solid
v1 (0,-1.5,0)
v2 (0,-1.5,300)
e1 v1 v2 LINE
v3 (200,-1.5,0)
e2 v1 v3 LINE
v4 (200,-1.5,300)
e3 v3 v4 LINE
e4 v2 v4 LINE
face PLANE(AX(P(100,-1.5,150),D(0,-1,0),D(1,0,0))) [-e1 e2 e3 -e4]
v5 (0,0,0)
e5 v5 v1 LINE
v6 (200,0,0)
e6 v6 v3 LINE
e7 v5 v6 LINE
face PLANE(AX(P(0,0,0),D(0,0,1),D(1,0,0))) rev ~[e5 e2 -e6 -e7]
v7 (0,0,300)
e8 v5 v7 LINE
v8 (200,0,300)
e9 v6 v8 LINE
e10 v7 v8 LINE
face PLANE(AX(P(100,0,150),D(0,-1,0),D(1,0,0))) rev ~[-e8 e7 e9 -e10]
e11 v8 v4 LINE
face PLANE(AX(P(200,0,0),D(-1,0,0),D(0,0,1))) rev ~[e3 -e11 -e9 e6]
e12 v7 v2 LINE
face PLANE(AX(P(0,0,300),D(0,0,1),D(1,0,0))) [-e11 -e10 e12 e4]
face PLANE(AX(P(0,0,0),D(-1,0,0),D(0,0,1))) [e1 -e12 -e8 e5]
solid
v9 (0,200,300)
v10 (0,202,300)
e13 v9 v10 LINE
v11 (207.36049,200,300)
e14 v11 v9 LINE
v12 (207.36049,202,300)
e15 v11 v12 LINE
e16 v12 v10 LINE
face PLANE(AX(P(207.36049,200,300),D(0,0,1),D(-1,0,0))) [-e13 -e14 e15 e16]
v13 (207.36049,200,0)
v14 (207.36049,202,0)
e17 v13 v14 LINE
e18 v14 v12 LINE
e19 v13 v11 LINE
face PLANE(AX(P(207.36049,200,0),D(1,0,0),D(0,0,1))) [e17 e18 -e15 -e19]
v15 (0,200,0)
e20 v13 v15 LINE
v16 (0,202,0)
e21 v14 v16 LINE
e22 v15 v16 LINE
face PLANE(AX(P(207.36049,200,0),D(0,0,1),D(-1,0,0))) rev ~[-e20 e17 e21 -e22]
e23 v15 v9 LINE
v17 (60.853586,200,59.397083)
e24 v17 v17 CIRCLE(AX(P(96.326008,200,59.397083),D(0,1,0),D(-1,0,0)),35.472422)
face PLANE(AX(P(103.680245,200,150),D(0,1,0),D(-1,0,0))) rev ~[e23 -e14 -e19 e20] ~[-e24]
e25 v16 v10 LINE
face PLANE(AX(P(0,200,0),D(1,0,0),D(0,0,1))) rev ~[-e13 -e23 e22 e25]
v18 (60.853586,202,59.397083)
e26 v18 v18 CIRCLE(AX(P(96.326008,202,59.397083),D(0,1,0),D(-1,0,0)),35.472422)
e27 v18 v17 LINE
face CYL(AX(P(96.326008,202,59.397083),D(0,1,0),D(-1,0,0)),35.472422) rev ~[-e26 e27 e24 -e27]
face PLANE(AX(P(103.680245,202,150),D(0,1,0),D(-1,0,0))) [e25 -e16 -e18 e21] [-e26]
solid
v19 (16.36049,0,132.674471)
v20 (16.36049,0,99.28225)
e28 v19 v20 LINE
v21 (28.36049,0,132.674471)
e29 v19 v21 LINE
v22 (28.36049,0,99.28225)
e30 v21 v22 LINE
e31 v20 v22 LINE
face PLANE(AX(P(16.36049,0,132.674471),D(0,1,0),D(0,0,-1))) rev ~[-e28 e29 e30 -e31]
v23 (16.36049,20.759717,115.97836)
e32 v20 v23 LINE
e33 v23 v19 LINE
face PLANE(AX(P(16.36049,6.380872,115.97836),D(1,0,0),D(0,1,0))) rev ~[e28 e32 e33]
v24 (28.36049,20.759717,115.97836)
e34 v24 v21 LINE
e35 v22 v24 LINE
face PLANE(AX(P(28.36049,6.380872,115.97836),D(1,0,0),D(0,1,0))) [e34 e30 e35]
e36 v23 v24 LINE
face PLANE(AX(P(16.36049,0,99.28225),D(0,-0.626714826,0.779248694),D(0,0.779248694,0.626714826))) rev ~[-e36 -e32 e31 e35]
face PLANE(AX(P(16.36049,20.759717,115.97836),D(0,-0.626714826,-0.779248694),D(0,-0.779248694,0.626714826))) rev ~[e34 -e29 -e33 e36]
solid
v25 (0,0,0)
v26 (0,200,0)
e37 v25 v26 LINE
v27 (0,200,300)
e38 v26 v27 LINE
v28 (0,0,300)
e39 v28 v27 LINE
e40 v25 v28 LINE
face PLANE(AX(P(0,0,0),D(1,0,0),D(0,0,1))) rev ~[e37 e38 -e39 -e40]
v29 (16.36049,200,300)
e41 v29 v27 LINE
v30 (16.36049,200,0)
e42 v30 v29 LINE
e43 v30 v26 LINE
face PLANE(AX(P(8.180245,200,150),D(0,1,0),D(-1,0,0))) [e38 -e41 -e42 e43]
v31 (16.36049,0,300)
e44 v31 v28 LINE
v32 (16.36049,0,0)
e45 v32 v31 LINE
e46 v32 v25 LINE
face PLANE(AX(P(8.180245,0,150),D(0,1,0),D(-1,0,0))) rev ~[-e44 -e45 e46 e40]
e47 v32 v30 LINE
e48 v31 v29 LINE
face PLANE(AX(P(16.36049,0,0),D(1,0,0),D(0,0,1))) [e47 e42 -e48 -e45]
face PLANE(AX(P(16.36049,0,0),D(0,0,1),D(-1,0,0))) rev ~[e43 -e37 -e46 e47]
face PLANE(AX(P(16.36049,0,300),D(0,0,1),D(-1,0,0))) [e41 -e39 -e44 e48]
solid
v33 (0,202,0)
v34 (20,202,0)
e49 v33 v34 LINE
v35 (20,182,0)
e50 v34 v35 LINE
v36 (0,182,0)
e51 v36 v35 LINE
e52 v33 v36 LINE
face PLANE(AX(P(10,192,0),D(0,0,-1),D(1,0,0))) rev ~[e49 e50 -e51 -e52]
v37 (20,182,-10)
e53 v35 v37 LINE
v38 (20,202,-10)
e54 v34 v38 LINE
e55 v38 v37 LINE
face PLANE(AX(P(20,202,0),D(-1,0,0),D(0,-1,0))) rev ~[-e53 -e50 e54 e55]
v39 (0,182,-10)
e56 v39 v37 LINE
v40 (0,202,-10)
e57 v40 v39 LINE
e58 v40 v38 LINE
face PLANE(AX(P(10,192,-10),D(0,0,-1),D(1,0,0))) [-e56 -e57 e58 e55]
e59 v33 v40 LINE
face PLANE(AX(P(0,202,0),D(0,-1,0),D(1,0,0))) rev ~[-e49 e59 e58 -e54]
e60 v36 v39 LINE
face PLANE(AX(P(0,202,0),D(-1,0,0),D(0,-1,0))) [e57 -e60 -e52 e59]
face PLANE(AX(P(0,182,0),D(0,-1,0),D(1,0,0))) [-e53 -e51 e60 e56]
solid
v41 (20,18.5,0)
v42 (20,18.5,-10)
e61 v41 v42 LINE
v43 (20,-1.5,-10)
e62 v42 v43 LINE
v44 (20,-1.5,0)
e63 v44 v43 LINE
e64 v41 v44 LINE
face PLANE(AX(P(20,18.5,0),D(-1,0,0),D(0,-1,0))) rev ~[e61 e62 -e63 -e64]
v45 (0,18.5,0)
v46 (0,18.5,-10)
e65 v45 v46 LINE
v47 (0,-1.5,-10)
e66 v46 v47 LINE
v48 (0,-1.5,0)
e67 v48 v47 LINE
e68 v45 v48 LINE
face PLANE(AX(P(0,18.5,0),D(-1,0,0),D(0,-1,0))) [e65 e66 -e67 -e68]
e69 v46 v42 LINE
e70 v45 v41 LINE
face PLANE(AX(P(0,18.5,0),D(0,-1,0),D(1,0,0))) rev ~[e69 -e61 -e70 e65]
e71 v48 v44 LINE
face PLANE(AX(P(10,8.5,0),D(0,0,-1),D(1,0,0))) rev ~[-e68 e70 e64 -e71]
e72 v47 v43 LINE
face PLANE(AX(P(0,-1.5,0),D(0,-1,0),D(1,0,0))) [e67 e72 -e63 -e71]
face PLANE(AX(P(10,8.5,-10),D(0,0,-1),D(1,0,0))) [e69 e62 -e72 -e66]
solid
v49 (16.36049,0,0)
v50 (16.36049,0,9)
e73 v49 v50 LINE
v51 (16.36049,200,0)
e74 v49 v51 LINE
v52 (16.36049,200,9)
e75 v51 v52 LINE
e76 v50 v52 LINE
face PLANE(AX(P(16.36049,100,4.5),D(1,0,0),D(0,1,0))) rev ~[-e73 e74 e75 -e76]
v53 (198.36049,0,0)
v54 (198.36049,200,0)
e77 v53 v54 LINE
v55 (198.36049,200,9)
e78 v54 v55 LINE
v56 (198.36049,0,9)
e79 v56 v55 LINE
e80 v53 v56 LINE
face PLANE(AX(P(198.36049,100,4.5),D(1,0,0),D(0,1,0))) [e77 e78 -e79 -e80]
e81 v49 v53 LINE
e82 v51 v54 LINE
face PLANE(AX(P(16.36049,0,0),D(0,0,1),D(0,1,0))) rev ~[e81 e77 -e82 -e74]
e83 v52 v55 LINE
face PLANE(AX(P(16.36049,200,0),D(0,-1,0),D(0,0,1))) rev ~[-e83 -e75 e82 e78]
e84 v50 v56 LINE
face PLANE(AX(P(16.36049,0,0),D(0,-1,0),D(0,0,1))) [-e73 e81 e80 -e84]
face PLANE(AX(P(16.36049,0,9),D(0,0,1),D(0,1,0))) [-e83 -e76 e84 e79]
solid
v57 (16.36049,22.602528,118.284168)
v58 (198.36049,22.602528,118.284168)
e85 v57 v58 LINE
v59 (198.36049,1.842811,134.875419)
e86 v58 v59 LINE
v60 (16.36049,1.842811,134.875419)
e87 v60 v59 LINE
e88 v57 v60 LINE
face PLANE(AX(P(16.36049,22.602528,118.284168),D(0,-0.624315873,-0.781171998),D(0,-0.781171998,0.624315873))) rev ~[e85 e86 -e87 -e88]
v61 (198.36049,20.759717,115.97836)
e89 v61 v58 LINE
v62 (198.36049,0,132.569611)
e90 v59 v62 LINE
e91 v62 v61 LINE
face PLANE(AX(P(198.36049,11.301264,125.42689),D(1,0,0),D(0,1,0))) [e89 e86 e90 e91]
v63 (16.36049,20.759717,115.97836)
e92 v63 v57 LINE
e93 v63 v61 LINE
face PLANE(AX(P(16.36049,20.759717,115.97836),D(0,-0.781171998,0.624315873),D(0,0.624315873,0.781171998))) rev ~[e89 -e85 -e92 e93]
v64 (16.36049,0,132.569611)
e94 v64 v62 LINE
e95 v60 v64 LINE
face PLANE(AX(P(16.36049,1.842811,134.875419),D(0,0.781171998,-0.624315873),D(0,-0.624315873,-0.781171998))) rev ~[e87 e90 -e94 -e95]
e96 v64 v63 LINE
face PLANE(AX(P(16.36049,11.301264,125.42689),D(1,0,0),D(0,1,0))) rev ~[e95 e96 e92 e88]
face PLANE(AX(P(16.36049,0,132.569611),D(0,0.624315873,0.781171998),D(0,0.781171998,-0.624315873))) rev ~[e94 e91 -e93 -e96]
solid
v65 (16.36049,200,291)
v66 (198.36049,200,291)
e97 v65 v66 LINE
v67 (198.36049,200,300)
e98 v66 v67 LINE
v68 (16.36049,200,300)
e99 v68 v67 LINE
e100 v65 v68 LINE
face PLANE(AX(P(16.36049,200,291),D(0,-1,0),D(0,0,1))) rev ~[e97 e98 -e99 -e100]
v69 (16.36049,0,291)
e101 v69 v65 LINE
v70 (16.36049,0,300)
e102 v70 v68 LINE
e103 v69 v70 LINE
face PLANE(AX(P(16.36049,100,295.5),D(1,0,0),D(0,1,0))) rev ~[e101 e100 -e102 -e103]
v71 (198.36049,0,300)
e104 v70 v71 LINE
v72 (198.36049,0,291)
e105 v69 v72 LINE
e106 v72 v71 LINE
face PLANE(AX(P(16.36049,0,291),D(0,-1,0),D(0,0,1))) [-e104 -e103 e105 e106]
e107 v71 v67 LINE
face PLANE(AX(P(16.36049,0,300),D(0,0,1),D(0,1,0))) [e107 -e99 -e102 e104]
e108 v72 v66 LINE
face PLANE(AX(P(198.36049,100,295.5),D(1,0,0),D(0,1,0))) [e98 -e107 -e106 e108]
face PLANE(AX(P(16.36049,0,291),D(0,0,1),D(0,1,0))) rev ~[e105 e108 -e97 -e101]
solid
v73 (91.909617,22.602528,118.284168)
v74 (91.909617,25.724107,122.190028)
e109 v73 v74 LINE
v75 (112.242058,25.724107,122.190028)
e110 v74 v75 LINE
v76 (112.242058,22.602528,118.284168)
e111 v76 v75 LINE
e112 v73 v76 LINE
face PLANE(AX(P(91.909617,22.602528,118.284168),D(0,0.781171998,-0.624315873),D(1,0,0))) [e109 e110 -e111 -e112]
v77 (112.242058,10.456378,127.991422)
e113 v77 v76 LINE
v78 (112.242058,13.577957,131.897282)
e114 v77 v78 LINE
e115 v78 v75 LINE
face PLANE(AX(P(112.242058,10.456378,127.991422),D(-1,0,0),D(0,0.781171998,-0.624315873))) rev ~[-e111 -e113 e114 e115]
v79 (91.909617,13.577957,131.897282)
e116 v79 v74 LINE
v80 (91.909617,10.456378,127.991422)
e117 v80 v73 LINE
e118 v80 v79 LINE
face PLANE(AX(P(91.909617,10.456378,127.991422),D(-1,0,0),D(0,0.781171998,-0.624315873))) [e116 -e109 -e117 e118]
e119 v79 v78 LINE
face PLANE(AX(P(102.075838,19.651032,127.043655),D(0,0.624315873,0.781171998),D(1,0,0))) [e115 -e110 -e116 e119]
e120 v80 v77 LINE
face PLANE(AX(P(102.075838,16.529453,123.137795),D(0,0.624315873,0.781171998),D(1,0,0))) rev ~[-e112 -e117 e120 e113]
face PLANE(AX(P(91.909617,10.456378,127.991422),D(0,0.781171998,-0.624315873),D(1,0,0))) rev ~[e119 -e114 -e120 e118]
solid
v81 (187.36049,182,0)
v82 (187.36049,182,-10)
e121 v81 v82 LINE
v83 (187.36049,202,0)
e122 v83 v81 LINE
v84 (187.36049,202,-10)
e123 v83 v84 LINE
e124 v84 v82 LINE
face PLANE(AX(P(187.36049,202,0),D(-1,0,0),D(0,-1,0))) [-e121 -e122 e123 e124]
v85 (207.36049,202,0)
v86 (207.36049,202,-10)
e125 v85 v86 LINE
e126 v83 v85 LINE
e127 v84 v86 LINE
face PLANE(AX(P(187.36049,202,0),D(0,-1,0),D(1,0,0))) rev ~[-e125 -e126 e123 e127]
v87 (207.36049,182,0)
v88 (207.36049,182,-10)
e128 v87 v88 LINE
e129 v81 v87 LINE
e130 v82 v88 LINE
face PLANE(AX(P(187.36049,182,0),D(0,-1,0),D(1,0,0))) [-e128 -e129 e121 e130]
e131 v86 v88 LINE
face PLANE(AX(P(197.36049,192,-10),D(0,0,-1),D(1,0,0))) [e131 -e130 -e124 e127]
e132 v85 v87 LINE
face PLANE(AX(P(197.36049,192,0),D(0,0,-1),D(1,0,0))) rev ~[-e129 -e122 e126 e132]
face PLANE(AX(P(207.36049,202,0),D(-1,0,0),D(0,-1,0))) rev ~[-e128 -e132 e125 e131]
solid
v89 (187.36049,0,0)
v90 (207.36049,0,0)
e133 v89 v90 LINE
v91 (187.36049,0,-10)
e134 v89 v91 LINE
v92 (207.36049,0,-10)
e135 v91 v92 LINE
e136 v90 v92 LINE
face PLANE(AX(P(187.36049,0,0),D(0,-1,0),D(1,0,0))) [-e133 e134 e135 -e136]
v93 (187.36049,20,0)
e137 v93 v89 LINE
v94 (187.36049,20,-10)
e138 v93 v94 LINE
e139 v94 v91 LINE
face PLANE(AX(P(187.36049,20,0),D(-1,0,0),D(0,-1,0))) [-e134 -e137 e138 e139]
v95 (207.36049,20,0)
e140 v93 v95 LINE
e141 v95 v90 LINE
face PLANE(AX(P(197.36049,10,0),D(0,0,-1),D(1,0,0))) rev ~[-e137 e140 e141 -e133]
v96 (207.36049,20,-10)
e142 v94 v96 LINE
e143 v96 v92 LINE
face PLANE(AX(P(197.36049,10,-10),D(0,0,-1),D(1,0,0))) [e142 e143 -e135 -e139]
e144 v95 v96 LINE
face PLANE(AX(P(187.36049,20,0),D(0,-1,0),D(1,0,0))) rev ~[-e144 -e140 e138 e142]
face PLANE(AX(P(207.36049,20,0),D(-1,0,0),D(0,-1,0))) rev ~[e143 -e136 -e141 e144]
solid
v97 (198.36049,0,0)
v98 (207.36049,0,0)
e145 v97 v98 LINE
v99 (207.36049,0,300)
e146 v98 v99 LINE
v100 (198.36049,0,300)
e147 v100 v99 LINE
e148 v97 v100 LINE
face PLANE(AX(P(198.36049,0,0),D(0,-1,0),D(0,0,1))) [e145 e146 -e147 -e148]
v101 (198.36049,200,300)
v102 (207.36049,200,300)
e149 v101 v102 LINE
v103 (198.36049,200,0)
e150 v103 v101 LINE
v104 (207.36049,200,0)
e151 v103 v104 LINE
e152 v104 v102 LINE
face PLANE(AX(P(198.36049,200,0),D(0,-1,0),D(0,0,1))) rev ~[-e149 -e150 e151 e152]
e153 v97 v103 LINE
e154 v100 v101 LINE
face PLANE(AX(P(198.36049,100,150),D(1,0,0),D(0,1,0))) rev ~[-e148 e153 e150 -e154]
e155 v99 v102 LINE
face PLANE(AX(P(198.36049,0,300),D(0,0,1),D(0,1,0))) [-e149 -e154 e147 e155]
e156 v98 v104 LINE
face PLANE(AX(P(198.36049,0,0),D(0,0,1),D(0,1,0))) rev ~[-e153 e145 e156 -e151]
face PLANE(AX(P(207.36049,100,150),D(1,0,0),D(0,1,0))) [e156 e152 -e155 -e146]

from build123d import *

# Parameters (mm, degrees)
F0_W      = 200
F0_H      = 300
F1_DEPTH  = 1.5
F2_W      = 16.3604896516
F2_H      = 300
F3_DEPTH  = 200
F5_DEPTH  = 12
F7_DEPTH  = 182
F8_W      = 20.3324407339
F8_H      = 15.5486247241
F9_DEPTH  = 5
F10_W     = 200
F10_H     = 9
F11_DEPTH = 182
F12_W     = 200
F12_H     = 9
F13_DEPTH = 182
F14_W     = 200
F14_H     = 300
F15_DEPTH = 9
F16_W     = 207.3604896516
F16_H     = 300
F17_DEPTH = 2
F18_R     = 35.4724219955
F19_DEPTH = 3
F20_W     = 20
F20_H     = 20
F21_DEPTH = 10
F22_W     = 20
F22_H     = 20
F23_DEPTH = 10
F24_W     = 20
F24_H     = 20
F25_DEPTH = 10
F26_W     = 20
F26_H     = 20
F27_DEPTH = 10


with BuildPart() as f1:
    # F0 (on Front) → F1 (new body)
    with BuildSketch(Plane.XZ):
        with Locations((100, 150)):
            Rectangle(F0_W, F0_H)
    extrude(amount=F1_DEPTH)


with BuildPart() as f3:
    # F2 (on face) → F3 (new body)
    with BuildSketch(Plane(origin=(0, 0, 0), x_dir=(-1, 0, 0), z_dir=(0, 1, 0))):
        with Locations((-8.1802448258, 150)):
            Rectangle(F2_W, F2_H)
    extrude(amount=F3_DEPTH)


with BuildPart() as f5:
    # F4 (on face) → F5 (new body)
    with BuildSketch(Plane.YZ.offset(16.3604896516)):
        Polygon((20.75971663, 115.9783601761), (0, 132.6744705439), (0, 99.2822498083), align=None)
    extrude(amount=F5_DEPTH)


with BuildPart() as f7:
    # F6 (on face) → F7 (new body)
    with BuildSketch(Plane.YZ.offset(16.3604896516)):
        Polygon((0, 132.5696110725), (20.75971663, 115.9783601761), (22.6025279975, 118.2841683415), (1.8428113675, 134.875419238), align=None)
    extrude(amount=F7_DEPTH)


with BuildPart() as f9:
    # F8 (on face) → F9 (new body)
    with BuildSketch(Plane(origin=(0, 66.4967558928, 83.2037209107), x_dir=(1, 0, 0), z_dir=(0, 0.6243158731, 0.7811719981))):
        with Locations((102.0758375525, -63.964534238)):
            Rectangle(F8_W, F8_H)
    extrude(amount=F9_DEPTH)


with BuildPart() as f11:
    # F10 (on face) → F11 (new body)
    with BuildSketch(Plane.YZ.offset(16.3604896516)):
        with Locations((100, 295.5)):
            Rectangle(F10_W, F10_H)
    extrude(amount=F11_DEPTH)


with BuildPart() as f13:
    # F12 (on face) → F13 (new body)
    with BuildSketch(Plane.YZ.offset(16.3604896516)):
        with Locations((100, 4.5)):
            Rectangle(F12_W, F12_H)
    extrude(amount=F13_DEPTH)


with BuildPart() as f15:
    # F14 (on face) → F15 (new body)
    with BuildSketch(Plane.YZ.offset(198.3604896516)):
        with Locations((100, 150)):
            Rectangle(F14_W, F14_H)
    extrude(amount=F15_DEPTH)


with BuildPart() as f17:
    # F16 (on face) → F17 (new body)
    with BuildSketch(Plane(origin=(0, 200, 0), x_dir=(-1, 0, 0), z_dir=(0, 1, 0))):
        with Locations((-103.6802448258, 150)):
            Rectangle(F16_W, F16_H)
    extrude(amount=F17_DEPTH)

    # F18 (on face) → F19 (cut)
    with BuildSketch(Plane(origin=(0, 202, 0), x_dir=(-1, 0, 0), z_dir=(0, 1, 0))):
        with Locations((-96.3260084391, 59.3970827758)):
            Circle(F18_R)
    extrude(amount=-F19_DEPTH, mode=Mode.SUBTRACT)


with BuildPart() as f21:
    # F20 (on face) → F21 (new body)
    with BuildSketch(Plane(origin=(0, 0, 0), x_dir=(1, 0, 0), z_dir=(0, 0, -1))):
        with Locations((10, -8.5)):
            Rectangle(F20_W, F20_H)
    extrude(amount=F21_DEPTH)


with BuildPart() as f23:
    # F22 (on face) → F23 (new body)
    with BuildSketch(Plane(origin=(0, 0, 0), x_dir=(1, 0, 0), z_dir=(0, 0, -1))):
        with Locations((197.3604896516, -10)):
            Rectangle(F22_W, F22_H)
    extrude(amount=F23_DEPTH)


with BuildPart() as f25:
    # F24 (on face) → F25 (new body)
    with BuildSketch(Plane(origin=(0, 0, 0), x_dir=(1, 0, 0), z_dir=(0, 0, -1))):
        with Locations((10, -192)):
            Rectangle(F24_W, F24_H)
    extrude(amount=F25_DEPTH)


with BuildPart() as f27:
    # F26 (on face) → F27 (new body)
    with BuildSketch(Plane(origin=(0, 0, 0), x_dir=(1, 0, 0), z_dir=(0, 0, -1))):
        with Locations((197.3604896516, -192)):
            Rectangle(F26_W, F26_H)
    extrude(amount=F27_DEPTH)


solid = Compound([f1.part, f3.part, f5.part, f7.part, f9.part, f11.part, f13.part, f15.part, f17.part, f21.part, f23.part, f25.part, f27.part])
